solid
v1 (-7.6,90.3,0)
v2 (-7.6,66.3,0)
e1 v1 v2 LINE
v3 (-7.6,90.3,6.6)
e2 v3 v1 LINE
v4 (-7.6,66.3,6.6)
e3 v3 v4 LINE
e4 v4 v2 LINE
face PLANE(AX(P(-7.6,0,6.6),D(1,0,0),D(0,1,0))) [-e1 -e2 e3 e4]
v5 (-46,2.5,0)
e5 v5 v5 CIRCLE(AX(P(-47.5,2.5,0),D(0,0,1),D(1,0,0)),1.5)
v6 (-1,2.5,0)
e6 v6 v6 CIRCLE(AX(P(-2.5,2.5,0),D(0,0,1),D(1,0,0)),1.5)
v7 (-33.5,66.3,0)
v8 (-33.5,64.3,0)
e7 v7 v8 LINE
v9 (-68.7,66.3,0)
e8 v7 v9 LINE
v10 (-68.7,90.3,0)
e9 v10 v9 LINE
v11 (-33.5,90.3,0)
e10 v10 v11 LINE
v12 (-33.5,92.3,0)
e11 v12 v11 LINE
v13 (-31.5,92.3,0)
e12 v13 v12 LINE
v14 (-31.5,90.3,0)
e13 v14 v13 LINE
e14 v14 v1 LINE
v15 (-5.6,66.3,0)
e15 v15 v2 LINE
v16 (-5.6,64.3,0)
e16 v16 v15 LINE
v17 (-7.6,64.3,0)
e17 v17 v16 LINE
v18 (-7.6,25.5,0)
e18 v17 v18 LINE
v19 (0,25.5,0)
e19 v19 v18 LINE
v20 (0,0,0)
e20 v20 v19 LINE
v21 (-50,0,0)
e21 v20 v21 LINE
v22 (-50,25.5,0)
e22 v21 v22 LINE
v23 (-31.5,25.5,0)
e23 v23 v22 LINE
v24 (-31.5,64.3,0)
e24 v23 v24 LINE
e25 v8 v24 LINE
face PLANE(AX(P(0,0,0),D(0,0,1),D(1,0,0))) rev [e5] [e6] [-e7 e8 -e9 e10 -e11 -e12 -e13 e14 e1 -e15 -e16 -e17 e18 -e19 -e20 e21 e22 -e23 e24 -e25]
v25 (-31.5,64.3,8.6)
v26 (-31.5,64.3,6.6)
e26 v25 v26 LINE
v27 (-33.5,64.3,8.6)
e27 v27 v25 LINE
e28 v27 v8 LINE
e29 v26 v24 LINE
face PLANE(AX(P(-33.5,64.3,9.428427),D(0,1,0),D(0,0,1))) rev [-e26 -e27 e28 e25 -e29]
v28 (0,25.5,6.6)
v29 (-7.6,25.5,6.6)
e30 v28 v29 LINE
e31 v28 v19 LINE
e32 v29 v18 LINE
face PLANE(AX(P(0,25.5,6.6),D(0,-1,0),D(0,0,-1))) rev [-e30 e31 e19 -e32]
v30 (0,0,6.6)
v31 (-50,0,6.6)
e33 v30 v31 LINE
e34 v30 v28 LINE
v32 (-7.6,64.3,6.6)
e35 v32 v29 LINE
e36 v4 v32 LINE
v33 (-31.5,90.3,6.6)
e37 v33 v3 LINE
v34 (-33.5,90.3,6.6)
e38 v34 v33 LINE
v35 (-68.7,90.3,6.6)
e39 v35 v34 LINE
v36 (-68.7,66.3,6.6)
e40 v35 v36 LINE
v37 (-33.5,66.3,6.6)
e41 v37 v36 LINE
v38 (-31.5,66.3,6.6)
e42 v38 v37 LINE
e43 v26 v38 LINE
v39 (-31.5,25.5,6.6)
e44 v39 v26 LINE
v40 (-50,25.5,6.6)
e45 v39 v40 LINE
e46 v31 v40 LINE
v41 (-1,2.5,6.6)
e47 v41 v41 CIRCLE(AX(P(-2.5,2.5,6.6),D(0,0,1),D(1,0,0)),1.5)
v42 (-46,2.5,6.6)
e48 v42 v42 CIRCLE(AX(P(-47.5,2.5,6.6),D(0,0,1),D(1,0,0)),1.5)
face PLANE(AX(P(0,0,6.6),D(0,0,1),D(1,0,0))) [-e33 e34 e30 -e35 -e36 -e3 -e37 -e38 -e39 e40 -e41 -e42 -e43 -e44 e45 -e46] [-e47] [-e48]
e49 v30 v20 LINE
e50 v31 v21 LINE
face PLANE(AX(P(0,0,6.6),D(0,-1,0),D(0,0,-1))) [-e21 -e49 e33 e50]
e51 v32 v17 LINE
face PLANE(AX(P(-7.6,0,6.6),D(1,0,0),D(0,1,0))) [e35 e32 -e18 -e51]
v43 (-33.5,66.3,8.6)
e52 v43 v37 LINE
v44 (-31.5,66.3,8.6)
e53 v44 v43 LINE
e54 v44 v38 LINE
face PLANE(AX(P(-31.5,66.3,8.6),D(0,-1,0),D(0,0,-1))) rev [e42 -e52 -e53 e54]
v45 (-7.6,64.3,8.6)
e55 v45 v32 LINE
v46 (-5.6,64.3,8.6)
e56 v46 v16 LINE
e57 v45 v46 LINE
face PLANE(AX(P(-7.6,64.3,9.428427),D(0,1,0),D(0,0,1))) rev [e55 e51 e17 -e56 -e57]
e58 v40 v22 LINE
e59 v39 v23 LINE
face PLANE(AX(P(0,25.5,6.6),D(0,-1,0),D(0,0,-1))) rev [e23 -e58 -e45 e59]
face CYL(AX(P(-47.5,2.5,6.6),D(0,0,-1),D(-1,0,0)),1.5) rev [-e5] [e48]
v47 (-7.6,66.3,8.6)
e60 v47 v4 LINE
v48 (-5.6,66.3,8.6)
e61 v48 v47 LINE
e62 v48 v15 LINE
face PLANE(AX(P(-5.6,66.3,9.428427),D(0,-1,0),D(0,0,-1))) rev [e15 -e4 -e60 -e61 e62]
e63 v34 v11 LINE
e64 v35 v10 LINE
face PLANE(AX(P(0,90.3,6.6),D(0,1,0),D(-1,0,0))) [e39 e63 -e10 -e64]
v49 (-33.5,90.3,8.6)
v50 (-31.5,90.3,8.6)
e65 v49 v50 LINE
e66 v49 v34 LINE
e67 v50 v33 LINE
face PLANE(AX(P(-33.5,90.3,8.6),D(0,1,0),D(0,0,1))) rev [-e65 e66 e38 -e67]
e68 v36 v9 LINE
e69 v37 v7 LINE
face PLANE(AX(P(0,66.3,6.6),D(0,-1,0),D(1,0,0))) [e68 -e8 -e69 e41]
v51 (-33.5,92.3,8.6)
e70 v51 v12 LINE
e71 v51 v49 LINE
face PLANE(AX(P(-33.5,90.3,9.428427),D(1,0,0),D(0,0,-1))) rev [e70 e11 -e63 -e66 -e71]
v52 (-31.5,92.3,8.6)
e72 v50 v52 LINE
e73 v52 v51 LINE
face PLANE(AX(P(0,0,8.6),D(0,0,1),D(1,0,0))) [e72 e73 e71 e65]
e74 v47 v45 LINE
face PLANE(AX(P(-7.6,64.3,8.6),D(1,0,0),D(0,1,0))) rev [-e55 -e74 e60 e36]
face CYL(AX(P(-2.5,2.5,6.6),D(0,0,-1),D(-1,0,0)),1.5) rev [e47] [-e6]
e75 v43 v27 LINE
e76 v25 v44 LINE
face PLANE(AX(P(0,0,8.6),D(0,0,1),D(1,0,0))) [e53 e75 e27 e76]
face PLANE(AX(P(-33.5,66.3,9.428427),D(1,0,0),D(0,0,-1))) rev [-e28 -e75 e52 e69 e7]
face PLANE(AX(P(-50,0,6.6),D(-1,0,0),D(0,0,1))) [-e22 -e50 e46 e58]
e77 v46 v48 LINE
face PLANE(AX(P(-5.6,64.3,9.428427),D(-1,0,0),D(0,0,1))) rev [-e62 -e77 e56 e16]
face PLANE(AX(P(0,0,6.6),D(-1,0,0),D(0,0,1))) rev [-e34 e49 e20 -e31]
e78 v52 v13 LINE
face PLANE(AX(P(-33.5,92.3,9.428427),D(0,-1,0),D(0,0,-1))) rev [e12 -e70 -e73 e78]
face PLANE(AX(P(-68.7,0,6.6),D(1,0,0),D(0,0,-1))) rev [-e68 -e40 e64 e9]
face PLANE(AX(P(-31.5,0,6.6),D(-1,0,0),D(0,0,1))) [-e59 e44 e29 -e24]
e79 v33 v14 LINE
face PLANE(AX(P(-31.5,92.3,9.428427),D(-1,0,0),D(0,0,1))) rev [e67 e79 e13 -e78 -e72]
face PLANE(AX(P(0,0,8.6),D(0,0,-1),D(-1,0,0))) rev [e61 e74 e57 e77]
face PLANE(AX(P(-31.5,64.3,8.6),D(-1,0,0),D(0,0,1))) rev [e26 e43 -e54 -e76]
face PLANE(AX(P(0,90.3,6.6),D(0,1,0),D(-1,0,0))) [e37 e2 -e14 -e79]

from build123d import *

# Parameters (mm, degrees)
IZIM1_R                     = 1.5
Y_KSEKLIK_EKSTR_ZYON1_DEPTH = 6.6
IZIM3_W                     = 2
IZIM3_H                     = 2
Y_KSEKLIK_EKSTR_ZYON3_DEPTH = 6.6
IZIM4_W                     = 2
IZIM4_H                     = 2
Y_KSEKLIK_EKSTR_ZYON4_DEPTH = 2


with BuildPart() as part:
    # Çizim1 → Yükseklik-Ekstrüzyon1 (new body)
    # profile 1 of 2: a face of its own
    with BuildSketch(Plane(origin=(0, 0, 0), x_dir=(0, 1, 0), z_dir=(0, 0, 1))):
        Polygon((0, 50), (0, 0), (25.5, 0), (25.5, 7.6), (25.5, 31.5), (25.5, 50), align=None)
        with Locations(Location((2.5, 2.5, 0), (0, 0, 270))):
            Circle(IZIM1_R, mode=Mode.SUBTRACT)
        with Locations(Location((2.5, 47.5, 0), (0, 0, 270))):
            Circle(IZIM1_R, mode=Mode.SUBTRACT)
    # profile 2 of 2: a face of its own
    with BuildSketch(Plane(origin=(0, 0, 0), x_dir=(0, 1, 0), z_dir=(0, 0, 1))):
        Polygon((25.5, 31.5), (25.5, 7.6), (90.3, 7.6), (90.3, 68.7), (66.3, 68.7), (66.3, 31.5), align=None)
    extrude(amount=Y_KSEKLIK_EKSTR_ZYON1_DEPTH)

    # Çizim3 → Yükseklik-Ekstrüzyon3 (add)
    with BuildSketch(Plane(origin=(0, 0, 0), x_dir=(0, 1, 0), z_dir=(0, 0, 1))):
        with Locations((65.3, 32.5)):
            Rectangle(IZIM3_W, IZIM3_H)
        with Locations((91.3, 32.5)):
            Rectangle(IZIM3_W, IZIM3_H)
        with Locations((65.3, 6.6)):
            Rectangle(IZIM3_W, IZIM3_H)
    extrude(amount=Y_KSEKLIK_EKSTR_ZYON3_DEPTH)

    # Çizim4 → Yükseklik-Ekstrüzyon4 (add)
    with BuildSketch(Plane.XY.offset(6.6)):
        with Locations((-32.5, 91.3)):
            Rectangle(IZIM4_W, IZIM4_H)
        with Locations((-32.5, 65.3)):
            Rectangle(IZIM4_W, IZIM4_H)
        with Locations((-6.6, 65.3)):
            Rectangle(IZIM4_W, IZIM4_H)
    extrude(amount=Y_KSEKLIK_EKSTR_ZYON4_DEPTH)


solid = part.part
